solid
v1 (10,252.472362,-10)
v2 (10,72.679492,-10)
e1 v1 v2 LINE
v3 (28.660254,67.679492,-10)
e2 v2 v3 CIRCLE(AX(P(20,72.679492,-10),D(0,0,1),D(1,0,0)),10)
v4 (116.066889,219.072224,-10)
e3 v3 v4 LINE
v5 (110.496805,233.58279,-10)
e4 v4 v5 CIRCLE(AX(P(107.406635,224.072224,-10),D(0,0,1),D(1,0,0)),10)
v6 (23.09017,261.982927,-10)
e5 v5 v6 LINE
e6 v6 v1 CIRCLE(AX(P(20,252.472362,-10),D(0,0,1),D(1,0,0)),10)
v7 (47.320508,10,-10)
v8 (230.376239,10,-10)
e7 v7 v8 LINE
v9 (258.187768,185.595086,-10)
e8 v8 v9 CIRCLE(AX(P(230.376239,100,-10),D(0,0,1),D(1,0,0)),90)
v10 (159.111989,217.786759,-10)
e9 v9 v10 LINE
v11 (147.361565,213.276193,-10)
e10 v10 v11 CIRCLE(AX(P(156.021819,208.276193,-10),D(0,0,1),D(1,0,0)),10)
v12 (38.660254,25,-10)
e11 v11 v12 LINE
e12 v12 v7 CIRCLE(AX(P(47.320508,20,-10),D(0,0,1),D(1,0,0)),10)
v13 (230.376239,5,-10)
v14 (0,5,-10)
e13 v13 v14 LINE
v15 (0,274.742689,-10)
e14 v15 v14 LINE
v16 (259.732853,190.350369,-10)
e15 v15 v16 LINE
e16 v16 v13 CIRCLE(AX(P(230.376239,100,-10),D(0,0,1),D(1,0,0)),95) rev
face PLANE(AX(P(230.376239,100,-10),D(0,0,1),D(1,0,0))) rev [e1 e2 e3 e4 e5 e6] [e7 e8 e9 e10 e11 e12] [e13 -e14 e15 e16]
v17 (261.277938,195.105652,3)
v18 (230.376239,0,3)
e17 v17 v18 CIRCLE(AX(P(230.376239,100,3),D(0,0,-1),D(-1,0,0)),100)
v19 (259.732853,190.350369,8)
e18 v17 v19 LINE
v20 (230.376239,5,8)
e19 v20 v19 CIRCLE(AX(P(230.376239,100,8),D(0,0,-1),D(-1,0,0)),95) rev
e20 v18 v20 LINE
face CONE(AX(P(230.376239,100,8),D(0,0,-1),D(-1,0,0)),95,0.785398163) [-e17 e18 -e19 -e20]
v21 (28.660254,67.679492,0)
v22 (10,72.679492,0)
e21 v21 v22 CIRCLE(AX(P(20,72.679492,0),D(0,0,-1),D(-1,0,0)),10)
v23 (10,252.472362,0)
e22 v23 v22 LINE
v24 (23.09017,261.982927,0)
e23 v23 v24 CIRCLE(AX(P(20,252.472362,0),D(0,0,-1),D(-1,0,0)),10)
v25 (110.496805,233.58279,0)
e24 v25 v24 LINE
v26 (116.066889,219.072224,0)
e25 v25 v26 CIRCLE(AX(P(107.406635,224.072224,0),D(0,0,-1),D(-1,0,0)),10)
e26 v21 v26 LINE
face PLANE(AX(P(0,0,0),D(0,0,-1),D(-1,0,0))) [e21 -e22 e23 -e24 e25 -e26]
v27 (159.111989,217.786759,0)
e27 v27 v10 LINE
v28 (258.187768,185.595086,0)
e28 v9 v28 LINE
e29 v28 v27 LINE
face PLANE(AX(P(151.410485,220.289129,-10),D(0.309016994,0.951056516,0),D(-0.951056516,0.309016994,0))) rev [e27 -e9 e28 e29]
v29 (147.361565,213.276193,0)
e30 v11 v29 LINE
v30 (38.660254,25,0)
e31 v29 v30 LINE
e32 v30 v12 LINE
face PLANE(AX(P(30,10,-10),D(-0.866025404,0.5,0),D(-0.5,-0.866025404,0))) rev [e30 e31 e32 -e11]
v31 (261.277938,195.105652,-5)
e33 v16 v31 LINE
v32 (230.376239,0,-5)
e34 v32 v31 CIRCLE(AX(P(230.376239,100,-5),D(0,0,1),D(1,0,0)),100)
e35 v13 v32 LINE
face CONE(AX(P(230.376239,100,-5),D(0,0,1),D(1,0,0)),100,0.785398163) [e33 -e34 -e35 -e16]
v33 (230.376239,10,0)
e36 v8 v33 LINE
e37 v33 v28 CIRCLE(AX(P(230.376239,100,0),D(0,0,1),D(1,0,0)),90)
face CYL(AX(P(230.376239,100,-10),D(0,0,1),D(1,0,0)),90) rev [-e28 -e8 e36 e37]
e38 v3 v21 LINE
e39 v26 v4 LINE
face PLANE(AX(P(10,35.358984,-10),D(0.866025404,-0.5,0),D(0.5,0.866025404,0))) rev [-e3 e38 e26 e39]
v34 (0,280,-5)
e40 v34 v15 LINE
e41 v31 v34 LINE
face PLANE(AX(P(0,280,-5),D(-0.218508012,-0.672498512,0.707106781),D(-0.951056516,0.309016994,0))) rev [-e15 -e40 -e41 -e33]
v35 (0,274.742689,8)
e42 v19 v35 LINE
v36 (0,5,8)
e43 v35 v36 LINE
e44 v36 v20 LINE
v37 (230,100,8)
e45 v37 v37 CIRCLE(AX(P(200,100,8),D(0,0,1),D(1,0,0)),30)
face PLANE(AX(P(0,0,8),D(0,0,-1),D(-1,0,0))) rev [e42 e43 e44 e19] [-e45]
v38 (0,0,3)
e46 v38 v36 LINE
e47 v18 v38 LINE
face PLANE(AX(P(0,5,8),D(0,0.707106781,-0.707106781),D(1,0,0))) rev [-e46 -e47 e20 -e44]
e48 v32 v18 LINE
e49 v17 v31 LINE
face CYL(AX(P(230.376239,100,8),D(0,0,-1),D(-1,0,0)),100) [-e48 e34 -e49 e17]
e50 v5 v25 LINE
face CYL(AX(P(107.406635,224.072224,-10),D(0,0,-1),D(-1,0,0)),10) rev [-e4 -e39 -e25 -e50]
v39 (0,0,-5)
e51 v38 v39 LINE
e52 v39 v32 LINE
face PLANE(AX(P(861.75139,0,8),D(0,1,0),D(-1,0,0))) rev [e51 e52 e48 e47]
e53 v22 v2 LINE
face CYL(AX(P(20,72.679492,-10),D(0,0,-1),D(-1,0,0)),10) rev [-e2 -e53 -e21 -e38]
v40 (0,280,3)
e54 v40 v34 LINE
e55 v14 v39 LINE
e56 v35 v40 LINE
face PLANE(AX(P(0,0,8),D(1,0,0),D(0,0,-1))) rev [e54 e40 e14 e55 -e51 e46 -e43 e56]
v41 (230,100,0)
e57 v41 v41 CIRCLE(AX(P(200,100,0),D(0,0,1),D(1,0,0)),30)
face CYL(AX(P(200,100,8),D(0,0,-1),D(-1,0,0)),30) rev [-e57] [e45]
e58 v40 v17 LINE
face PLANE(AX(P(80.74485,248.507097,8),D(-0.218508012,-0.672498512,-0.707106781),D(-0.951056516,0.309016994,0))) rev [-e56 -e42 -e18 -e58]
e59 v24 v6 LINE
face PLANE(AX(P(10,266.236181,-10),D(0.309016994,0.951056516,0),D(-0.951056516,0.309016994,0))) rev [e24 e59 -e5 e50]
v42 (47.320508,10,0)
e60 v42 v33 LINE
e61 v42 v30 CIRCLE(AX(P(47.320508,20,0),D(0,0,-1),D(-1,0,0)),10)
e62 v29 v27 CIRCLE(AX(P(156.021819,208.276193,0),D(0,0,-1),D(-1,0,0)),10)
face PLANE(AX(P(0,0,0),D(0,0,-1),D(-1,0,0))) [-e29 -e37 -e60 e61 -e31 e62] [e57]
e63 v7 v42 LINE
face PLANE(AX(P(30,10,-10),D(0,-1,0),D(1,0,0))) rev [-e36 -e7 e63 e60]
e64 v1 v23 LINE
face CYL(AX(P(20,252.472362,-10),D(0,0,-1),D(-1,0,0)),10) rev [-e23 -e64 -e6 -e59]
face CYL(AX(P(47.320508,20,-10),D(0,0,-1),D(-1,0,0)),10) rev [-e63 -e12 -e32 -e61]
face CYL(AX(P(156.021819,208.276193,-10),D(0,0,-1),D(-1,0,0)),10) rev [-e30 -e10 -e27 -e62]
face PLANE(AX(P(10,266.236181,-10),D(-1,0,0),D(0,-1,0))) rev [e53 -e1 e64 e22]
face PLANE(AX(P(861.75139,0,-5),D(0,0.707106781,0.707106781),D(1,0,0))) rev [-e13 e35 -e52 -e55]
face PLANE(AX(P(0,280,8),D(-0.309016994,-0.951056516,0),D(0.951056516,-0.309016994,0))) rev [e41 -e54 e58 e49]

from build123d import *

# Parameters (mm, degrees)
SKETCH_1_R      = 30
EXTRUDE_1_DEPTH = 8
FILLET_1_R      = 100
EXTRUDE_2_DEPTH = 10
FILLET_2_R      = 10
CHAMFER_1_SIZE  = 5


with BuildPart() as part:
    # 草图1 → 凸台-拉伸1 (new body)
    with BuildSketch(Plane.XY):
        Polygon((0, 0), (0, 280), (861.751390409, 0), align=None)
        with Locations((200, 100)):
            Circle(SKETCH_1_R, mode=Mode.SUBTRACT)
    extrude(amount=EXTRUDE_1_DEPTH)

    # 圆角1
    fillet_1_edges = [part.edges().sort_by_distance(p)[0] for p in [
        (861.751390409, 0, 4),
    ]]
    fillet(fillet_1_edges, radius=FILLET_1_R)

    # 草图2 → 凸台-拉伸2 (add)
    with BuildSketch(Plane.XY):
        with BuildLine():
            Line((0, 0), (230.376238942, 0))
            ThreePointArc((230.376238942, 0), (329.145073001, 84.356553496), (261.277938379, 195.10565163))
            Line((261.277938379, 195.10565163), (0, 280))
            Line((0, 280), (0, 0))
        make_face()
        Polygon((10, 266.236180795), (10, 35.358983849), (122.241374643, 229.766747442), align=None, mode=Mode.SUBTRACT)
        with BuildLine():
            Line((30, 10), (230.376238942, 10))
            ThreePointArc((230.376238942, 10), (319.268189595, 85.920898146), (258.187768435, 185.595086467))
            Line((258.187768435, 185.595086467), (151.410485182, 220.289128906))
            Line((151.410485182, 220.289128906), (30, 10))
        make_face(mode=Mode.SUBTRACT)
    extrude(amount=-EXTRUDE_2_DEPTH)

    # 圆角2
    fillet_2_edges = [part.edges().sort_by_distance(p)[0] for p in [
        (122.241374643, 229.766747442, -5),
        (10, 35.358983849, -5),
        (10, 266.236180795, -5),
        (151.410485182, 220.289128906, -5),
        (30, 10, -5),
    ]]
    fillet(fillet_2_edges, radius=FILLET_2_R)

    # 倒角1
    chamfer_1_edges = [part.edges().sort_by_distance(p)[0] for p in [
        (130.63896919, 237.552825815, 8),
        (329.145073001, 84.356553496, 8),
        (130.63896919, 237.552825815, -10),
        (329.145073001, 84.356553496, -10),
        (115.188119471, 0, -10),
        (115.188119471, 0, 8),
    ]]
    chamfer(chamfer_1_edges, length=CHAMFER_1_SIZE)


solid = part.part
